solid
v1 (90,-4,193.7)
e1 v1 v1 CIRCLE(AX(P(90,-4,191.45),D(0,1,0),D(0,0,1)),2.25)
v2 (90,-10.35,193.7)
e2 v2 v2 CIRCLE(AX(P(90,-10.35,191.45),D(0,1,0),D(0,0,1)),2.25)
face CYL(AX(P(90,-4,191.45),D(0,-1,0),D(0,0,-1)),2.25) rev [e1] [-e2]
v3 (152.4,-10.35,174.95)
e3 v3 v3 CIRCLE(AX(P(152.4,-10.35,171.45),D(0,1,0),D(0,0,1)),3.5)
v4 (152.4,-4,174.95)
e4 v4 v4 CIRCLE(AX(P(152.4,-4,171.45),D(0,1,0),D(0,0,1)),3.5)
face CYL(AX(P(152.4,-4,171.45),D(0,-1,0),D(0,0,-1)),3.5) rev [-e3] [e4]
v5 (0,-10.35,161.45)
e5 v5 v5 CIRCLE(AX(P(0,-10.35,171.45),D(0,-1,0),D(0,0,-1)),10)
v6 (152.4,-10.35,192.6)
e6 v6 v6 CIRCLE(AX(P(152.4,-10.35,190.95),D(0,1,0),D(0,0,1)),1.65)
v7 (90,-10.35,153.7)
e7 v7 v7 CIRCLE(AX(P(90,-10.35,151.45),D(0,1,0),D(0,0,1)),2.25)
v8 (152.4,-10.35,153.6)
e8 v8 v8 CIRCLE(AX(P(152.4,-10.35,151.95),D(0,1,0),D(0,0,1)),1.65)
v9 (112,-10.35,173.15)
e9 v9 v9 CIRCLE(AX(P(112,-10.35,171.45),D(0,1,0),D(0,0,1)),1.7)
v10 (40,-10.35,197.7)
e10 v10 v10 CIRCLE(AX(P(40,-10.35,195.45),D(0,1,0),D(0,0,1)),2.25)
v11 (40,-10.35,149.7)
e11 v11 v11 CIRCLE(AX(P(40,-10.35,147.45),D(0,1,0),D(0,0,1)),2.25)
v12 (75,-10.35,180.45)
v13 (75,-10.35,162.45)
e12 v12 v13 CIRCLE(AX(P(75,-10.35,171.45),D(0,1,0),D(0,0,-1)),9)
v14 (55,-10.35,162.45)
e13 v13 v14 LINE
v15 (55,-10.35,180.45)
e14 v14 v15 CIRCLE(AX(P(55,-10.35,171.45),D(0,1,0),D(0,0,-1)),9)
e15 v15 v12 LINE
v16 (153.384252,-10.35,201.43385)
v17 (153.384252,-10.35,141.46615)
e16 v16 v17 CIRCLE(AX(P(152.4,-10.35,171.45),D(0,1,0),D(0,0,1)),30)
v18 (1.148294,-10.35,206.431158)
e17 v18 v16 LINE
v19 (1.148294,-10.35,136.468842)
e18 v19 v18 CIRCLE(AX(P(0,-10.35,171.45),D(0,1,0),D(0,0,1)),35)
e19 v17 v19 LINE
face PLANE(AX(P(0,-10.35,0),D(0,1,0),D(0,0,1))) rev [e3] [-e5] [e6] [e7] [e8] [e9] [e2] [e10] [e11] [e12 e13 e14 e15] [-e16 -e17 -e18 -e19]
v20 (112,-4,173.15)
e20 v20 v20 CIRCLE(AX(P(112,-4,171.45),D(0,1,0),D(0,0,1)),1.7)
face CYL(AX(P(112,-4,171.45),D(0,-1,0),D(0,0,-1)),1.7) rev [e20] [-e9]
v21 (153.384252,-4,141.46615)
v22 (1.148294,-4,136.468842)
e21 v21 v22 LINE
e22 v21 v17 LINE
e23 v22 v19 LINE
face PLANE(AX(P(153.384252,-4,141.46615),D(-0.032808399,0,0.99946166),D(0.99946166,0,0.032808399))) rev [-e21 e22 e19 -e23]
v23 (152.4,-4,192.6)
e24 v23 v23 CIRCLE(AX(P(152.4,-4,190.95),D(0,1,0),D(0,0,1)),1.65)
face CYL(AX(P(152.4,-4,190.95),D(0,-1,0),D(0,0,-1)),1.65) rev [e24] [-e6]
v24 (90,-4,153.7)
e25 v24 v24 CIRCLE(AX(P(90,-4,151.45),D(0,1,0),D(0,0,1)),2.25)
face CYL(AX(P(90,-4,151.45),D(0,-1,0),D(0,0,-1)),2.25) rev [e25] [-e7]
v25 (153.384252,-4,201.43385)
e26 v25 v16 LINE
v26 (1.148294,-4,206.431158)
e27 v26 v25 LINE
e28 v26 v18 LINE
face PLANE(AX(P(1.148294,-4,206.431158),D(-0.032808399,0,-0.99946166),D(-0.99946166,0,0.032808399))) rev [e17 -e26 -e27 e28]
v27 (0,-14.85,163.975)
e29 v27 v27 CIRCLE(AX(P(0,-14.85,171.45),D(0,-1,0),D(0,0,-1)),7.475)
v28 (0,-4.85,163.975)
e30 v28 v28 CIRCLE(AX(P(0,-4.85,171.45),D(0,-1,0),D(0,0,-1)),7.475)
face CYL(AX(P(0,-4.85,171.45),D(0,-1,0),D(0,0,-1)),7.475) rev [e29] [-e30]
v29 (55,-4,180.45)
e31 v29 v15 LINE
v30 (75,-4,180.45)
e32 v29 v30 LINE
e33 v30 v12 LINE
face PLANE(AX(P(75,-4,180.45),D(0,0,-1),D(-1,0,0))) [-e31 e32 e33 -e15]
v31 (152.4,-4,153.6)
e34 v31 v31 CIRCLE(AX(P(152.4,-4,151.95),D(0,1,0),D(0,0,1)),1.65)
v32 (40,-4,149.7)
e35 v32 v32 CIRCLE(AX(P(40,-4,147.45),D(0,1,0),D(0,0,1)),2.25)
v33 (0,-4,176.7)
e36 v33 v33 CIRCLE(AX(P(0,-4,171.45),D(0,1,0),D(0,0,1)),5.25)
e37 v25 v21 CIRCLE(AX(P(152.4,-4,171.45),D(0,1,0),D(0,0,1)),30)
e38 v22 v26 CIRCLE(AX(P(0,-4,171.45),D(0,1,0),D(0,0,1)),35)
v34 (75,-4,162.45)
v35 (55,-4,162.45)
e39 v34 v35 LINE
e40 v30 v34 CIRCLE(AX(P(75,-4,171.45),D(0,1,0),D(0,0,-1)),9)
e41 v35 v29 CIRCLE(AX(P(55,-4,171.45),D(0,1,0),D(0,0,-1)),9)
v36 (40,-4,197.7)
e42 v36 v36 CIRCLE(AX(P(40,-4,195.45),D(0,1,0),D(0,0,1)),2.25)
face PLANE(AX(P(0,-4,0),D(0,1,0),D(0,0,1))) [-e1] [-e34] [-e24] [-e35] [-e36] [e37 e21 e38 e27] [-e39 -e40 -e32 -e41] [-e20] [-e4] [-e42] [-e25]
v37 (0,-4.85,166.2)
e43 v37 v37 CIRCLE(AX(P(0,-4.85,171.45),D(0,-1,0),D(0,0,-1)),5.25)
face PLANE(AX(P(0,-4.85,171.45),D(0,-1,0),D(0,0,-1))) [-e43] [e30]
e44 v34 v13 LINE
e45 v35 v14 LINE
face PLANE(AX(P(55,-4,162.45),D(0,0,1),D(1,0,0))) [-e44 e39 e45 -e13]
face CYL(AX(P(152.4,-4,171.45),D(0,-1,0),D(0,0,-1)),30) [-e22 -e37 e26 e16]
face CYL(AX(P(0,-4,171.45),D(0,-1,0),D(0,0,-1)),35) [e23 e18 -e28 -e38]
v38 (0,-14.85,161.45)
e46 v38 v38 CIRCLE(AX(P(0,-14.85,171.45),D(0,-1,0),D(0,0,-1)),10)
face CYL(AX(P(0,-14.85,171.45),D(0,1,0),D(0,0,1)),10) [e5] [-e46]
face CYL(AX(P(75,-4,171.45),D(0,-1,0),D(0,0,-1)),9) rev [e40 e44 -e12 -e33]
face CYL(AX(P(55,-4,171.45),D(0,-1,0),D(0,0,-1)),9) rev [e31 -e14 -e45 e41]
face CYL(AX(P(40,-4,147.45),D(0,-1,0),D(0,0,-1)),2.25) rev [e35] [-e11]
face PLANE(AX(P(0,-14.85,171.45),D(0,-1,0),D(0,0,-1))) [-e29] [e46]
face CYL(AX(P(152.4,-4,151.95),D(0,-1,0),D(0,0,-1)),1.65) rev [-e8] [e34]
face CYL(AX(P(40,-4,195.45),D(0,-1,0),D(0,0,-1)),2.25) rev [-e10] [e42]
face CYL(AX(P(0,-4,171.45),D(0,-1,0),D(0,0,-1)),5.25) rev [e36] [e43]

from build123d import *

# Parameters (mm, degrees)
PLACA_START                        = -10.35
PLACA_DEPTH                        = 6.35
PLACA_R1_START                     = -10.35
CROQUIS2_R                         = 35
PLACA_R1_DEPTH                     = 6.35
PLACA_R2_START                     = -10.35
CROQUIS3_R                         = 30
PLACA_R2_DEPTH                     = 6.35
ALIGERADO_START                    = -10.35
ALIGERADO_DEPTH                    = 6.35
BARRENOS_SEPARADORES_M4_START      = -10.35
CROQUIS5_R                         = 2.25
BARRENOS_SEPARADORES_M4_DEPTH      = 6.35
PASO_PIN_Y_ROSCA_M4_EJEFALSO_START = -10.35
CROQUIS6_R                         = 5.25
CROQUIS6_R_2                       = 3.5
CROQUIS6_R_3                       = 1.65
PASO_PIN_Y_ROSCA_M4_EJEFALSO_DEPTH = 6.35
ROSCA_M3_BASES_CINCHO_START        = -10.35
CROQUIS7_R                         = 1.25
ROSCA_M3_BASES_CINCHO_DEPTH        = 6.35
PASO_M3_BASES_CINCHO_START         = -10.35
CROQUIS8_R                         = 1.7
PASO_M3_BASES_CINCHO_DEPTH         = 6.35
CROQUIS9_R                         = 10
SALIENTE_EXTRUIR1_DEPTH            = 4.5
CROQUIS10_R                        = 7.475
CORTAR_EXTRUIR1_DEPTH              = 10


with BuildPart() as part:
    # Croquis1 → Placa (new body)
    with BuildSketch(Plane(origin=(0, 0, 0), x_dir=(1, 0, 0), z_dir=(0, 1, 0)).offset(PLACA_START)):
        Polygon((1.148293963, -206.431158085), (153.384251969, -201.433849787), (153.384251969, -141.466150213), (1.148293963, -136.468841915), align=None)
    extrude(amount=PLACA_DEPTH)

    # Croquis2 → Placa_r1 (add)
    with BuildSketch(Plane(origin=(0, 0, 0), x_dir=(1, 0, 0), z_dir=(0, 1, 0)).offset(PLACA_R1_START)):
        with Locations((0, -171.45)):
            Circle(CROQUIS2_R)
    extrude(amount=PLACA_R1_DEPTH)

    # Croquis3 → Placa_r2 (add)
    with BuildSketch(Plane(origin=(0, 0, 0), x_dir=(1, 0, 0), z_dir=(0, 1, 0)).offset(PLACA_R2_START)):
        with Locations((152.4, -171.45)):
            Circle(CROQUIS3_R)
    extrude(amount=PLACA_R2_DEPTH)

    # Croquis4 → Aligerado (cut)
    with BuildSketch(Plane(origin=(0, 0, 0), x_dir=(1, 0, 0), z_dir=(0, 1, 0)).offset(ALIGERADO_START)):
        with BuildLine():
            Line((55, -162.45), (75, -162.45))
            ThreePointArc((75, -162.45), (84, -171.45), (75, -180.45))
            Line((75, -180.45), (55, -180.45))
            ThreePointArc((55, -180.45), (46, -171.45), (55, -162.45))
        make_face()
    extrude(amount=ALIGERADO_DEPTH, mode=Mode.SUBTRACT)

    # Croquis5 → Barrenos_separadores_M4 (cut)
    with BuildSketch(Plane(origin=(0, 0, 0), x_dir=(1, 0, 0), z_dir=(0, 1, 0)).offset(BARRENOS_SEPARADORES_M4_START)):
        with Locations(Location((40, -195.45, 0), (0, 0, 270))):
            Circle(CROQUIS5_R)
        with Locations(Location((40, -147.45, 0), (0, 0, 270))):
            Circle(CROQUIS5_R)
        with Locations(Location((90, -191.45, 0), (0, 0, 270))):
            Circle(CROQUIS5_R)
        with Locations(Location((90, -151.45, 0), (0, 0, 270))):
            Circle(CROQUIS5_R)
    extrude(amount=BARRENOS_SEPARADORES_M4_DEPTH, mode=Mode.SUBTRACT)

    # Croquis6 → Paso_pin_y_rosca_M4_ejefalso (cut)
    with BuildSketch(Plane(origin=(0, 0, 0), x_dir=(1, 0, 0), z_dir=(0, 1, 0)).offset(PASO_PIN_Y_ROSCA_M4_EJEFALSO_START)):
        with Locations(Location((0, -171.45, 0), (0, 0, 270))):
            Circle(CROQUIS6_R)
        with Locations(Location((152.4, -171.45, 0), (0, 0, 270))):
            Circle(CROQUIS6_R_2)
        with Locations(Location((152.4, -190.95, 0), (0, 0, 270))):
            Circle(CROQUIS6_R_3)
        with Locations(Location((152.4, -151.95, 0), (0, 0, 270))):
            Circle(CROQUIS6_R_3)
    extrude(amount=PASO_PIN_Y_ROSCA_M4_EJEFALSO_DEPTH, mode=Mode.SUBTRACT)

    # Croquis7 → Rosca_M3_bases_cincho (cut)
    with BuildSketch(Plane(origin=(0, 0, 0), x_dir=(1, 0, 0), z_dir=(0, 1, 0)).offset(ROSCA_M3_BASES_CINCHO_START)):
        with Locations(Location((112, -171.45, 0), (0, 0, 270))):
            Circle(CROQUIS7_R)
    extrude(amount=ROSCA_M3_BASES_CINCHO_DEPTH, mode=Mode.SUBTRACT)

    # Croquis8 → Paso_M3_bases_cincho (cut)
    with BuildSketch(Plane(origin=(0, 0, 0), x_dir=(1, 0, 0), z_dir=(0, 1, 0)).offset(PASO_M3_BASES_CINCHO_START)):
        with Locations(Location((112, -171.45, 0), (0, 0, 270))):
            Circle(CROQUIS8_R)
    extrude(amount=PASO_M3_BASES_CINCHO_DEPTH, mode=Mode.SUBTRACT)

    # Croquis9 → Saliente-Extruir1 (add)
    with BuildSketch(Plane.XZ.offset(10.35)):
        with Locations(Location((0, 171.45, 0), (0, 0, 270))):
            Circle(CROQUIS9_R)
    extrude(amount=SALIENTE_EXTRUIR1_DEPTH)

    # Croquis10 → Cortar-Extruir1 (cut)
    with BuildSketch(Plane.XZ.offset(14.85)):
        with Locations(Location((0, 171.45, 0), (0, 0, 270))):
            Circle(CROQUIS10_R)
    extrude(amount=-CORTAR_EXTRUIR1_DEPTH, mode=Mode.SUBTRACT)


solid = part.part
